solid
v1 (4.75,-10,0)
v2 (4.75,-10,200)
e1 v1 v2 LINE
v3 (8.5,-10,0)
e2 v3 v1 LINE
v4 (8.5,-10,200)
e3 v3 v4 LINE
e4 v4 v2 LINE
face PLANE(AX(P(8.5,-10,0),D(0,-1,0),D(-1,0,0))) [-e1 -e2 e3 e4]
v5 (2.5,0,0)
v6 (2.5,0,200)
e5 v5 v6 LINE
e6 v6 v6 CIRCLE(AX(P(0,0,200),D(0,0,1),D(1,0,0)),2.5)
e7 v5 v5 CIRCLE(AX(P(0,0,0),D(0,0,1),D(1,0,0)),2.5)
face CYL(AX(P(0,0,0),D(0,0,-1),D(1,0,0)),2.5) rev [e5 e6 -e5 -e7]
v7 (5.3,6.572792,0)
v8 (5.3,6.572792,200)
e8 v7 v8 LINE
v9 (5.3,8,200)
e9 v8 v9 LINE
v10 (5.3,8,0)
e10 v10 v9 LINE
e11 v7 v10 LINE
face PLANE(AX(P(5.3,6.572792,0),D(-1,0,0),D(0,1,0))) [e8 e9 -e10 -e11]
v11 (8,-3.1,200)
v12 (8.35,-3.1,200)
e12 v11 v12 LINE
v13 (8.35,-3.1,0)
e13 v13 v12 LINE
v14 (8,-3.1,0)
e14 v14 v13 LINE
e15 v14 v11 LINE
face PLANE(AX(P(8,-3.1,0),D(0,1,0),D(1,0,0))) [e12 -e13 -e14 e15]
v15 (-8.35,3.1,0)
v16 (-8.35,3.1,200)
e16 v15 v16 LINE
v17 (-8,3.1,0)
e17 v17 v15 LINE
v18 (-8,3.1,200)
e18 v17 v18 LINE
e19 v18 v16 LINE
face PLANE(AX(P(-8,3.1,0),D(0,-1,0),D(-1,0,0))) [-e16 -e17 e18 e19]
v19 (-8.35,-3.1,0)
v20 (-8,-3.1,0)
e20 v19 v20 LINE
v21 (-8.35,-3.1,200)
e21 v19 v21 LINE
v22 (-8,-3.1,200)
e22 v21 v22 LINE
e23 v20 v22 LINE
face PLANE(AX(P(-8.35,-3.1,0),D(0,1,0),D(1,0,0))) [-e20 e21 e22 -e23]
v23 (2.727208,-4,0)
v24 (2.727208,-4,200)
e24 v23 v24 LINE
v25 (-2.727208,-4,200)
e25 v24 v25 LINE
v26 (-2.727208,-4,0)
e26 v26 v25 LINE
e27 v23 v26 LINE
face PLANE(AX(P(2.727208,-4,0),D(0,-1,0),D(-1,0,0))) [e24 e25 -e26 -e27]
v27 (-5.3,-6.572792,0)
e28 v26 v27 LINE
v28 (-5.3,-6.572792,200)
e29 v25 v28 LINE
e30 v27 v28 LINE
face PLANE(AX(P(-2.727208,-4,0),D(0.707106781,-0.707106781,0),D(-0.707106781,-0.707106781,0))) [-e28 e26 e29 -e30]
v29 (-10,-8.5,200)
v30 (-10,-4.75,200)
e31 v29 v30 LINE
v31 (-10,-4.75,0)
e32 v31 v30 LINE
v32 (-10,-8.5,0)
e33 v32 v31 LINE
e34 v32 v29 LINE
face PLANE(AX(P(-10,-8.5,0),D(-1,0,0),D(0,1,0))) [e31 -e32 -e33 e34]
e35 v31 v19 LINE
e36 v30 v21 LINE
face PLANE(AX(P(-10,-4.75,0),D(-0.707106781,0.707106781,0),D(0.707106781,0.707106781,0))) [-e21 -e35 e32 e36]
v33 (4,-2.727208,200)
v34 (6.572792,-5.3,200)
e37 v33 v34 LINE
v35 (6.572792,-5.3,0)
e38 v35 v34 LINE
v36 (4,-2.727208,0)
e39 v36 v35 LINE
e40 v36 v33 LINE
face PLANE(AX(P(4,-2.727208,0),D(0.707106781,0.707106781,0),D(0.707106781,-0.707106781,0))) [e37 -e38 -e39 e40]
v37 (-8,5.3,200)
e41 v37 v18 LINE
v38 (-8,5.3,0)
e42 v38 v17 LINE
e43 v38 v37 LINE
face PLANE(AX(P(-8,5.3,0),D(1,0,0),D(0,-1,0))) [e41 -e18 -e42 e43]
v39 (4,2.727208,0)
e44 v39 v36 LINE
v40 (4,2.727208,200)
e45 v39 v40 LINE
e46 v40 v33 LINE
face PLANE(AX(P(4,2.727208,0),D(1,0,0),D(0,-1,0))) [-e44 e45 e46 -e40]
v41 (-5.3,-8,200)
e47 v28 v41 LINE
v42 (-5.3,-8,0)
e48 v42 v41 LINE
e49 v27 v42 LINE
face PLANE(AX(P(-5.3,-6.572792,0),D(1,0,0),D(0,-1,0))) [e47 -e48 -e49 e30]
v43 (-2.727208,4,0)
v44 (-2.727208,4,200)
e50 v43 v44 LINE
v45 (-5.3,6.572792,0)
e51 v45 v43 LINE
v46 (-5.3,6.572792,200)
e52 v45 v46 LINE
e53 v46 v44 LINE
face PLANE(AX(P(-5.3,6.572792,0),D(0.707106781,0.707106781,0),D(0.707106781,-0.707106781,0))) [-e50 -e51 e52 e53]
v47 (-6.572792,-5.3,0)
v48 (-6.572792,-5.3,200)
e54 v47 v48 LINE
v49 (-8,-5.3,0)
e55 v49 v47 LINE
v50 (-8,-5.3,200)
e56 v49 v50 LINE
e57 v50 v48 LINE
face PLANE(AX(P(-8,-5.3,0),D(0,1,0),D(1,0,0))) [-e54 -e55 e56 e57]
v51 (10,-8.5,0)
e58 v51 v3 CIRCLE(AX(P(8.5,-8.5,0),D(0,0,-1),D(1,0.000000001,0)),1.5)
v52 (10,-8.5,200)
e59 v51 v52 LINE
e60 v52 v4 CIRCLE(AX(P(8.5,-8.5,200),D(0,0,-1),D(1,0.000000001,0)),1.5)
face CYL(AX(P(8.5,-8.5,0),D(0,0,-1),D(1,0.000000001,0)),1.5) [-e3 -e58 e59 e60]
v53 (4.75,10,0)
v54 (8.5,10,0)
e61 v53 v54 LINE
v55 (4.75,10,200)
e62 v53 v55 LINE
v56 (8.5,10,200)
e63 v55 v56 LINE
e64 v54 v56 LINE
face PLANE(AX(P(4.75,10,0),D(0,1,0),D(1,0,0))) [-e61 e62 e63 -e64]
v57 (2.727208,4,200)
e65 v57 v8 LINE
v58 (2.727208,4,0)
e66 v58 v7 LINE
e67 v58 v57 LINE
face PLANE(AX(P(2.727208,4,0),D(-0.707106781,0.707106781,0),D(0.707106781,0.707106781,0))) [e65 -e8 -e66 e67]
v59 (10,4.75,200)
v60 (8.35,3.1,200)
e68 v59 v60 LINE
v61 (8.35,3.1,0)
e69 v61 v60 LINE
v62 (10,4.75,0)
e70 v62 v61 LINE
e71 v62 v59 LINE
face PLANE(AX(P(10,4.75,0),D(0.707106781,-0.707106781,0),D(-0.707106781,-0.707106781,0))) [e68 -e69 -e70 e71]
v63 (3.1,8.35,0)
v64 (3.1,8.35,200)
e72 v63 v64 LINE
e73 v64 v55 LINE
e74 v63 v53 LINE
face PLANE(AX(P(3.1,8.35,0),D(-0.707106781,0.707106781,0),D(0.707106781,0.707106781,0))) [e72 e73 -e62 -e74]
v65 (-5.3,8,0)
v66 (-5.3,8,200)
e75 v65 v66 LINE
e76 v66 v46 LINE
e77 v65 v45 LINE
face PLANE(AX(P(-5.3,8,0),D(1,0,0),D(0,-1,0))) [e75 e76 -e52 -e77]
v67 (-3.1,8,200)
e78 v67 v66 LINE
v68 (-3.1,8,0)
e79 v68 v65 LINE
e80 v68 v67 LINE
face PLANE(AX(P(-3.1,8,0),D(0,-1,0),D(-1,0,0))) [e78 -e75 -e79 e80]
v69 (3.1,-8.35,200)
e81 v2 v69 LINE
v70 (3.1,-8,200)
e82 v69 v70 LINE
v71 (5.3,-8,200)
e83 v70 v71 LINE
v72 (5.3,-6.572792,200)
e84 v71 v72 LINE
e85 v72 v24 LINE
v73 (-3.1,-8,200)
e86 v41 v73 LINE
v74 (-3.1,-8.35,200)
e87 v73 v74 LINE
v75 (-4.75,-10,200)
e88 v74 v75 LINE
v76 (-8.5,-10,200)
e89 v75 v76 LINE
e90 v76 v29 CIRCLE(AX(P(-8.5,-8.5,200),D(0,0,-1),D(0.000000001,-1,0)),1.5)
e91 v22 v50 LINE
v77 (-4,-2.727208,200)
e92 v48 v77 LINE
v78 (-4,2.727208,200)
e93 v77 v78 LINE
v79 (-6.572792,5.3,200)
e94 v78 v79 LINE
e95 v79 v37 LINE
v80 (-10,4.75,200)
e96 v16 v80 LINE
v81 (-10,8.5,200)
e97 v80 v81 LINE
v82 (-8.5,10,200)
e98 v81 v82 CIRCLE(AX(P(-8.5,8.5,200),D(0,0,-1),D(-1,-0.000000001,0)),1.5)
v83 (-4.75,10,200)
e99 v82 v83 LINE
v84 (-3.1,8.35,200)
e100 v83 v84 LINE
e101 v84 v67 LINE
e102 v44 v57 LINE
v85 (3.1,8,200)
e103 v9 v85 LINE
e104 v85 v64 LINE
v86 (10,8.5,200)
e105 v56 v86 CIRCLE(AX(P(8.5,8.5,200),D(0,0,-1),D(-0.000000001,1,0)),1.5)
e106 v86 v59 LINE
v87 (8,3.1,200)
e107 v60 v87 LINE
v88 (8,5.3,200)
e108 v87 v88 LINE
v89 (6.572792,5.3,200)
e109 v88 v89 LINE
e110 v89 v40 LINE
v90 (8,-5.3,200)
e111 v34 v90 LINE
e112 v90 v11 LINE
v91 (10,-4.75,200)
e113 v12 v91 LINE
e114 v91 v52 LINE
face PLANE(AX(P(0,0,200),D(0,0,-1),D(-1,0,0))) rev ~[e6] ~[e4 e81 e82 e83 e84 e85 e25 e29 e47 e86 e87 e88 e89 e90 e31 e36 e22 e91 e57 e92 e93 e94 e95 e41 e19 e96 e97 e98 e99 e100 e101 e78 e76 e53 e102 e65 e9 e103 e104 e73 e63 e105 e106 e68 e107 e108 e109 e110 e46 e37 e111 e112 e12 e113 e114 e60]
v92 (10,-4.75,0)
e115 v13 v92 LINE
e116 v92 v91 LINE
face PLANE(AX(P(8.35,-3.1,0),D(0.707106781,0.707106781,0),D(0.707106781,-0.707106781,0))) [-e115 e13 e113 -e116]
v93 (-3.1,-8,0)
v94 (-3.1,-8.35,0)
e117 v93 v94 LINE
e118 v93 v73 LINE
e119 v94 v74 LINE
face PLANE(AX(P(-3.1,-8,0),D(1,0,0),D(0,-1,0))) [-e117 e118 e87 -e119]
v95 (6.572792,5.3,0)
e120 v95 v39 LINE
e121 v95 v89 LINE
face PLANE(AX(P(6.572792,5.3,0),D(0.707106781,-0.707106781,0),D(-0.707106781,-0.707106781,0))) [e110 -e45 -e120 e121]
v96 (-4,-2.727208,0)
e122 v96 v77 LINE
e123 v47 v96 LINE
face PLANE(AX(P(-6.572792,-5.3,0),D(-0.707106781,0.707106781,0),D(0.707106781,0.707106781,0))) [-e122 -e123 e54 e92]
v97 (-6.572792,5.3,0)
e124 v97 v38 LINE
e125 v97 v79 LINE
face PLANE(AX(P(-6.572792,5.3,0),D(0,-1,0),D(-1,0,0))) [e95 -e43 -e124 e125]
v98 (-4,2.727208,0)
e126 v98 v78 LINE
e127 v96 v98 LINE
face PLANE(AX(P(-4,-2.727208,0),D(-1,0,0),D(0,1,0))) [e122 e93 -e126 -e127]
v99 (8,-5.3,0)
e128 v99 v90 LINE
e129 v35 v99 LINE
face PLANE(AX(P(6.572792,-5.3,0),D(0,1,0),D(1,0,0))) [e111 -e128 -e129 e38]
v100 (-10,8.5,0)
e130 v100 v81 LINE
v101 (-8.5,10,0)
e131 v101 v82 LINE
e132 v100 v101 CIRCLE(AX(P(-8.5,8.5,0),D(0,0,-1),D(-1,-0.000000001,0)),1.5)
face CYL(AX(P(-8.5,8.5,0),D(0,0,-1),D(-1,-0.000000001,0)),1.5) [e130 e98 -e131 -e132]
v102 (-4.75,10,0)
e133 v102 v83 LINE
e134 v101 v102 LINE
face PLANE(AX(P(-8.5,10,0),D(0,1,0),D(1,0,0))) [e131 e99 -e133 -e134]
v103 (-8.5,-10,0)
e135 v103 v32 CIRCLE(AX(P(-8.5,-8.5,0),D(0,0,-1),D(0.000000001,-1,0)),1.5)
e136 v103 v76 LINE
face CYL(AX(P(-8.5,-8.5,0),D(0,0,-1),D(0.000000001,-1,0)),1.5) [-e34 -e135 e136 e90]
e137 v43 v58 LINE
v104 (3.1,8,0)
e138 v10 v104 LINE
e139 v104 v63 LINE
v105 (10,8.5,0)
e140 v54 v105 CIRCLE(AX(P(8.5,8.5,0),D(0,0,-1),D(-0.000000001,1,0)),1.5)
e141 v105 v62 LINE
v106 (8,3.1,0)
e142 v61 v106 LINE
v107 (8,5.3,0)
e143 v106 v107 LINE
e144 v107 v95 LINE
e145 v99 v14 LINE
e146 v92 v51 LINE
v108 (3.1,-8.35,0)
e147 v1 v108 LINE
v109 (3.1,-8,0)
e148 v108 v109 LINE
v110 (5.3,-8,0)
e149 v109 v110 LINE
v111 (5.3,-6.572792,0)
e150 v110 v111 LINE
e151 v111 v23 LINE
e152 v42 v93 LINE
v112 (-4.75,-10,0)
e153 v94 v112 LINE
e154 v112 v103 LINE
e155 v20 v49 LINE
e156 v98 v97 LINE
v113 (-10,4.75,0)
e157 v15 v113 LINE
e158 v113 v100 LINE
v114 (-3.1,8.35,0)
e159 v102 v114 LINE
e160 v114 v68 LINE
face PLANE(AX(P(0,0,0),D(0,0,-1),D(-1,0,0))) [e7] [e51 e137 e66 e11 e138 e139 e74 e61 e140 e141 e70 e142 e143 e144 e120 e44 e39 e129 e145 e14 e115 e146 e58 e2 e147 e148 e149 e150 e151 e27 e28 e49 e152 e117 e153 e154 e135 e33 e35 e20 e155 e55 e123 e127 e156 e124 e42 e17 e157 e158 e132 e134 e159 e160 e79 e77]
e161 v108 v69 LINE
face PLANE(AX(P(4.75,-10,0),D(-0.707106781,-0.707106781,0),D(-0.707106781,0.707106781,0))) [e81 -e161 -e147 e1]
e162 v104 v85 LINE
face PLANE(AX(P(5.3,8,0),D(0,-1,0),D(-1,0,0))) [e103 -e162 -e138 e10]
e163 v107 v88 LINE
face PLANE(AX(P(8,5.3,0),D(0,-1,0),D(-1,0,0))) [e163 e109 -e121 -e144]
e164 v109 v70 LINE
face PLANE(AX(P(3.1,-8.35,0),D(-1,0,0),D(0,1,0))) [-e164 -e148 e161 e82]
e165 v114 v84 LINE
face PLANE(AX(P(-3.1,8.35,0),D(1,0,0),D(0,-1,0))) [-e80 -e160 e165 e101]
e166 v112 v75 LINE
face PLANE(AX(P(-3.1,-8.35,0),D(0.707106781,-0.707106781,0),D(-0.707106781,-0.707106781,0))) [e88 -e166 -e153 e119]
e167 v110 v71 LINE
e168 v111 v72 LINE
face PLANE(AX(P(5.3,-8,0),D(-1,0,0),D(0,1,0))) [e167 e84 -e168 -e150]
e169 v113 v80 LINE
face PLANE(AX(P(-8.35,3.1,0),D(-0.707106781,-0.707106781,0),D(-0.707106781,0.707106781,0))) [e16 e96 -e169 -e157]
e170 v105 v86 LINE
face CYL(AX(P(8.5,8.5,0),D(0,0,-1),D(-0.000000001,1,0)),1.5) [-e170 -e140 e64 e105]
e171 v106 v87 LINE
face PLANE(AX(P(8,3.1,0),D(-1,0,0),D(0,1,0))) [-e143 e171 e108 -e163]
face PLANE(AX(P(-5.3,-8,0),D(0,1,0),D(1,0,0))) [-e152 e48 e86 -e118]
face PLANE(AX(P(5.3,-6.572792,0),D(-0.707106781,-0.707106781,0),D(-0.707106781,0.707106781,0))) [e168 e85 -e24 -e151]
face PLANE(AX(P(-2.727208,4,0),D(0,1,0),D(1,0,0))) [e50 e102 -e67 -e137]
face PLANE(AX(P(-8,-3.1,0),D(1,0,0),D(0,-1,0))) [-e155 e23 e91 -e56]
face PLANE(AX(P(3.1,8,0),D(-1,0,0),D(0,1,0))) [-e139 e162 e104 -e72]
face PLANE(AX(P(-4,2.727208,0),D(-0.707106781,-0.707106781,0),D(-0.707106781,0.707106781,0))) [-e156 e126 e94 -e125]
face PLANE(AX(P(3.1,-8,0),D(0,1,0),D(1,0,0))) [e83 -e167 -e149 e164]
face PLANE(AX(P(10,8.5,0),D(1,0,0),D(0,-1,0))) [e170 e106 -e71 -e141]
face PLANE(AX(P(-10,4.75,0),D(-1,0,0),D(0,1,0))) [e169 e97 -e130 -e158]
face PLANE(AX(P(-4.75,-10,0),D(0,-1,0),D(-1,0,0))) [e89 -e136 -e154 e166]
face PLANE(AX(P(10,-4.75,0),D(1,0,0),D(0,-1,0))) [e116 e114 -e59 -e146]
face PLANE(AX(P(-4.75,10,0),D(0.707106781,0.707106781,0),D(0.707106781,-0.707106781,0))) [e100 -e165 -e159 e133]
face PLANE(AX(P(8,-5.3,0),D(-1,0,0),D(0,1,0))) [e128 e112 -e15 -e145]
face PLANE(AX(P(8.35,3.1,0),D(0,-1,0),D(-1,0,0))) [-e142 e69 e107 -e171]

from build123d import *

# Parameters (mm, degrees)
SKETCH2_R           = 2.5
BOSS_EXTRUDE1_DEPTH = 200


with BuildPart() as part:
    # Sketch2 → Boss-Extrude1 (new body)
    with BuildSketch(Plane.XY):
        with BuildLine():
            Line((-4, -2.727207794), (-4, 2.727207794))
            Line((-4, 2.727207794), (-6.572792206, 5.3))
            Line((-6.572792206, 5.3), (-8, 5.3))
            Line((-8, 5.3), (-8, 3.1))
            Line((-8, 3.1), (-8.35, 3.1))
            Line((-8.35, 3.1), (-10, 4.75))
            Line((-10, 4.75), (-10, 8.5))
            ThreePointArc((-10, 8.5), (-9.560660172, 9.560660172), (-8.5, 10))
            Line((-8.5, 10), (-4.75, 10))
            Line((-4.75, 10), (-3.1, 8.35))
            Line((-3.1, 8.35), (-3.1, 8))
            Line((-3.1, 8), (-5.3, 8))
            Line((-5.3, 8), (-5.3, 6.572792206))
            Line((-5.3, 6.572792206), (-2.727207794, 4))
            Line((-2.727207794, 4), (2.727207794, 4))
            Line((2.727207794, 4), (5.3, 6.572792206))
            Line((5.3, 6.572792206), (5.3, 8))
            Line((5.3, 8), (3.1, 8))
            Line((3.1, 8), (3.1, 8.35))
            Line((3.1, 8.35), (4.75, 10))
            Line((4.75, 10), (8.5, 10))
            ThreePointArc((8.5, 10), (9.560660172, 9.560660172), (10, 8.5))
            Line((10, 8.5), (10, 4.75))
            Line((10, 4.75), (8.35, 3.1))
            Line((8.35, 3.1), (8, 3.1))
            Line((8, 3.1), (8, 5.3))
            Line((8, 5.3), (6.572792206, 5.3))
            Line((6.572792206, 5.3), (4, 2.727207794))
            Line((4, 2.727207794), (4, -2.727207794))
            Line((4, -2.727207794), (6.572792206, -5.3))
            Line((6.572792206, -5.3), (8, -5.3))
            Line((8, -5.3), (8, -3.1))
            Line((8, -3.1), (8.35, -3.1))
            Line((8.35, -3.1), (10, -4.75))
            Line((10, -4.75), (10, -8.5))
            ThreePointArc((10, -8.5), (9.560660172, -9.560660172), (8.5, -10))
            Line((8.5, -10), (4.75, -10))
            Line((4.75, -10), (3.1, -8.35))
            Line((3.1, -8.35), (3.1, -8))
            Line((3.1, -8), (5.3, -8))
            Line((5.3, -8), (5.3, -6.572792206))
            Line((5.3, -6.572792206), (2.727207794, -4))
            Line((2.727207794, -4), (-2.727207794, -4))
            Line((-2.727207794, -4), (-5.3, -6.572792206))
            Line((-5.3, -6.572792206), (-5.3, -8))
            Line((-5.3, -8), (-3.1, -8))
            Line((-3.1, -8), (-3.1, -8.35))
            Line((-3.1, -8.35), (-4.75, -10))
            Line((-4.75, -10), (-8.5, -10))
            ThreePointArc((-8.5, -10), (-9.560660172, -9.560660172), (-10, -8.5))
            Line((-10, -8.5), (-10, -4.75))
            Line((-10, -4.75), (-8.35, -3.1))
            Line((-8.35, -3.1), (-8, -3.1))
            Line((-8, -3.1), (-8, -5.3))
            Line((-8, -5.3), (-6.572792206, -5.3))
            Line((-6.572792206, -5.3), (-4, -2.727207794))
        make_face()
        Circle(SKETCH2_R, mode=Mode.SUBTRACT)
    extrude(amount=BOSS_EXTRUDE1_DEPTH)


solid = part.part
